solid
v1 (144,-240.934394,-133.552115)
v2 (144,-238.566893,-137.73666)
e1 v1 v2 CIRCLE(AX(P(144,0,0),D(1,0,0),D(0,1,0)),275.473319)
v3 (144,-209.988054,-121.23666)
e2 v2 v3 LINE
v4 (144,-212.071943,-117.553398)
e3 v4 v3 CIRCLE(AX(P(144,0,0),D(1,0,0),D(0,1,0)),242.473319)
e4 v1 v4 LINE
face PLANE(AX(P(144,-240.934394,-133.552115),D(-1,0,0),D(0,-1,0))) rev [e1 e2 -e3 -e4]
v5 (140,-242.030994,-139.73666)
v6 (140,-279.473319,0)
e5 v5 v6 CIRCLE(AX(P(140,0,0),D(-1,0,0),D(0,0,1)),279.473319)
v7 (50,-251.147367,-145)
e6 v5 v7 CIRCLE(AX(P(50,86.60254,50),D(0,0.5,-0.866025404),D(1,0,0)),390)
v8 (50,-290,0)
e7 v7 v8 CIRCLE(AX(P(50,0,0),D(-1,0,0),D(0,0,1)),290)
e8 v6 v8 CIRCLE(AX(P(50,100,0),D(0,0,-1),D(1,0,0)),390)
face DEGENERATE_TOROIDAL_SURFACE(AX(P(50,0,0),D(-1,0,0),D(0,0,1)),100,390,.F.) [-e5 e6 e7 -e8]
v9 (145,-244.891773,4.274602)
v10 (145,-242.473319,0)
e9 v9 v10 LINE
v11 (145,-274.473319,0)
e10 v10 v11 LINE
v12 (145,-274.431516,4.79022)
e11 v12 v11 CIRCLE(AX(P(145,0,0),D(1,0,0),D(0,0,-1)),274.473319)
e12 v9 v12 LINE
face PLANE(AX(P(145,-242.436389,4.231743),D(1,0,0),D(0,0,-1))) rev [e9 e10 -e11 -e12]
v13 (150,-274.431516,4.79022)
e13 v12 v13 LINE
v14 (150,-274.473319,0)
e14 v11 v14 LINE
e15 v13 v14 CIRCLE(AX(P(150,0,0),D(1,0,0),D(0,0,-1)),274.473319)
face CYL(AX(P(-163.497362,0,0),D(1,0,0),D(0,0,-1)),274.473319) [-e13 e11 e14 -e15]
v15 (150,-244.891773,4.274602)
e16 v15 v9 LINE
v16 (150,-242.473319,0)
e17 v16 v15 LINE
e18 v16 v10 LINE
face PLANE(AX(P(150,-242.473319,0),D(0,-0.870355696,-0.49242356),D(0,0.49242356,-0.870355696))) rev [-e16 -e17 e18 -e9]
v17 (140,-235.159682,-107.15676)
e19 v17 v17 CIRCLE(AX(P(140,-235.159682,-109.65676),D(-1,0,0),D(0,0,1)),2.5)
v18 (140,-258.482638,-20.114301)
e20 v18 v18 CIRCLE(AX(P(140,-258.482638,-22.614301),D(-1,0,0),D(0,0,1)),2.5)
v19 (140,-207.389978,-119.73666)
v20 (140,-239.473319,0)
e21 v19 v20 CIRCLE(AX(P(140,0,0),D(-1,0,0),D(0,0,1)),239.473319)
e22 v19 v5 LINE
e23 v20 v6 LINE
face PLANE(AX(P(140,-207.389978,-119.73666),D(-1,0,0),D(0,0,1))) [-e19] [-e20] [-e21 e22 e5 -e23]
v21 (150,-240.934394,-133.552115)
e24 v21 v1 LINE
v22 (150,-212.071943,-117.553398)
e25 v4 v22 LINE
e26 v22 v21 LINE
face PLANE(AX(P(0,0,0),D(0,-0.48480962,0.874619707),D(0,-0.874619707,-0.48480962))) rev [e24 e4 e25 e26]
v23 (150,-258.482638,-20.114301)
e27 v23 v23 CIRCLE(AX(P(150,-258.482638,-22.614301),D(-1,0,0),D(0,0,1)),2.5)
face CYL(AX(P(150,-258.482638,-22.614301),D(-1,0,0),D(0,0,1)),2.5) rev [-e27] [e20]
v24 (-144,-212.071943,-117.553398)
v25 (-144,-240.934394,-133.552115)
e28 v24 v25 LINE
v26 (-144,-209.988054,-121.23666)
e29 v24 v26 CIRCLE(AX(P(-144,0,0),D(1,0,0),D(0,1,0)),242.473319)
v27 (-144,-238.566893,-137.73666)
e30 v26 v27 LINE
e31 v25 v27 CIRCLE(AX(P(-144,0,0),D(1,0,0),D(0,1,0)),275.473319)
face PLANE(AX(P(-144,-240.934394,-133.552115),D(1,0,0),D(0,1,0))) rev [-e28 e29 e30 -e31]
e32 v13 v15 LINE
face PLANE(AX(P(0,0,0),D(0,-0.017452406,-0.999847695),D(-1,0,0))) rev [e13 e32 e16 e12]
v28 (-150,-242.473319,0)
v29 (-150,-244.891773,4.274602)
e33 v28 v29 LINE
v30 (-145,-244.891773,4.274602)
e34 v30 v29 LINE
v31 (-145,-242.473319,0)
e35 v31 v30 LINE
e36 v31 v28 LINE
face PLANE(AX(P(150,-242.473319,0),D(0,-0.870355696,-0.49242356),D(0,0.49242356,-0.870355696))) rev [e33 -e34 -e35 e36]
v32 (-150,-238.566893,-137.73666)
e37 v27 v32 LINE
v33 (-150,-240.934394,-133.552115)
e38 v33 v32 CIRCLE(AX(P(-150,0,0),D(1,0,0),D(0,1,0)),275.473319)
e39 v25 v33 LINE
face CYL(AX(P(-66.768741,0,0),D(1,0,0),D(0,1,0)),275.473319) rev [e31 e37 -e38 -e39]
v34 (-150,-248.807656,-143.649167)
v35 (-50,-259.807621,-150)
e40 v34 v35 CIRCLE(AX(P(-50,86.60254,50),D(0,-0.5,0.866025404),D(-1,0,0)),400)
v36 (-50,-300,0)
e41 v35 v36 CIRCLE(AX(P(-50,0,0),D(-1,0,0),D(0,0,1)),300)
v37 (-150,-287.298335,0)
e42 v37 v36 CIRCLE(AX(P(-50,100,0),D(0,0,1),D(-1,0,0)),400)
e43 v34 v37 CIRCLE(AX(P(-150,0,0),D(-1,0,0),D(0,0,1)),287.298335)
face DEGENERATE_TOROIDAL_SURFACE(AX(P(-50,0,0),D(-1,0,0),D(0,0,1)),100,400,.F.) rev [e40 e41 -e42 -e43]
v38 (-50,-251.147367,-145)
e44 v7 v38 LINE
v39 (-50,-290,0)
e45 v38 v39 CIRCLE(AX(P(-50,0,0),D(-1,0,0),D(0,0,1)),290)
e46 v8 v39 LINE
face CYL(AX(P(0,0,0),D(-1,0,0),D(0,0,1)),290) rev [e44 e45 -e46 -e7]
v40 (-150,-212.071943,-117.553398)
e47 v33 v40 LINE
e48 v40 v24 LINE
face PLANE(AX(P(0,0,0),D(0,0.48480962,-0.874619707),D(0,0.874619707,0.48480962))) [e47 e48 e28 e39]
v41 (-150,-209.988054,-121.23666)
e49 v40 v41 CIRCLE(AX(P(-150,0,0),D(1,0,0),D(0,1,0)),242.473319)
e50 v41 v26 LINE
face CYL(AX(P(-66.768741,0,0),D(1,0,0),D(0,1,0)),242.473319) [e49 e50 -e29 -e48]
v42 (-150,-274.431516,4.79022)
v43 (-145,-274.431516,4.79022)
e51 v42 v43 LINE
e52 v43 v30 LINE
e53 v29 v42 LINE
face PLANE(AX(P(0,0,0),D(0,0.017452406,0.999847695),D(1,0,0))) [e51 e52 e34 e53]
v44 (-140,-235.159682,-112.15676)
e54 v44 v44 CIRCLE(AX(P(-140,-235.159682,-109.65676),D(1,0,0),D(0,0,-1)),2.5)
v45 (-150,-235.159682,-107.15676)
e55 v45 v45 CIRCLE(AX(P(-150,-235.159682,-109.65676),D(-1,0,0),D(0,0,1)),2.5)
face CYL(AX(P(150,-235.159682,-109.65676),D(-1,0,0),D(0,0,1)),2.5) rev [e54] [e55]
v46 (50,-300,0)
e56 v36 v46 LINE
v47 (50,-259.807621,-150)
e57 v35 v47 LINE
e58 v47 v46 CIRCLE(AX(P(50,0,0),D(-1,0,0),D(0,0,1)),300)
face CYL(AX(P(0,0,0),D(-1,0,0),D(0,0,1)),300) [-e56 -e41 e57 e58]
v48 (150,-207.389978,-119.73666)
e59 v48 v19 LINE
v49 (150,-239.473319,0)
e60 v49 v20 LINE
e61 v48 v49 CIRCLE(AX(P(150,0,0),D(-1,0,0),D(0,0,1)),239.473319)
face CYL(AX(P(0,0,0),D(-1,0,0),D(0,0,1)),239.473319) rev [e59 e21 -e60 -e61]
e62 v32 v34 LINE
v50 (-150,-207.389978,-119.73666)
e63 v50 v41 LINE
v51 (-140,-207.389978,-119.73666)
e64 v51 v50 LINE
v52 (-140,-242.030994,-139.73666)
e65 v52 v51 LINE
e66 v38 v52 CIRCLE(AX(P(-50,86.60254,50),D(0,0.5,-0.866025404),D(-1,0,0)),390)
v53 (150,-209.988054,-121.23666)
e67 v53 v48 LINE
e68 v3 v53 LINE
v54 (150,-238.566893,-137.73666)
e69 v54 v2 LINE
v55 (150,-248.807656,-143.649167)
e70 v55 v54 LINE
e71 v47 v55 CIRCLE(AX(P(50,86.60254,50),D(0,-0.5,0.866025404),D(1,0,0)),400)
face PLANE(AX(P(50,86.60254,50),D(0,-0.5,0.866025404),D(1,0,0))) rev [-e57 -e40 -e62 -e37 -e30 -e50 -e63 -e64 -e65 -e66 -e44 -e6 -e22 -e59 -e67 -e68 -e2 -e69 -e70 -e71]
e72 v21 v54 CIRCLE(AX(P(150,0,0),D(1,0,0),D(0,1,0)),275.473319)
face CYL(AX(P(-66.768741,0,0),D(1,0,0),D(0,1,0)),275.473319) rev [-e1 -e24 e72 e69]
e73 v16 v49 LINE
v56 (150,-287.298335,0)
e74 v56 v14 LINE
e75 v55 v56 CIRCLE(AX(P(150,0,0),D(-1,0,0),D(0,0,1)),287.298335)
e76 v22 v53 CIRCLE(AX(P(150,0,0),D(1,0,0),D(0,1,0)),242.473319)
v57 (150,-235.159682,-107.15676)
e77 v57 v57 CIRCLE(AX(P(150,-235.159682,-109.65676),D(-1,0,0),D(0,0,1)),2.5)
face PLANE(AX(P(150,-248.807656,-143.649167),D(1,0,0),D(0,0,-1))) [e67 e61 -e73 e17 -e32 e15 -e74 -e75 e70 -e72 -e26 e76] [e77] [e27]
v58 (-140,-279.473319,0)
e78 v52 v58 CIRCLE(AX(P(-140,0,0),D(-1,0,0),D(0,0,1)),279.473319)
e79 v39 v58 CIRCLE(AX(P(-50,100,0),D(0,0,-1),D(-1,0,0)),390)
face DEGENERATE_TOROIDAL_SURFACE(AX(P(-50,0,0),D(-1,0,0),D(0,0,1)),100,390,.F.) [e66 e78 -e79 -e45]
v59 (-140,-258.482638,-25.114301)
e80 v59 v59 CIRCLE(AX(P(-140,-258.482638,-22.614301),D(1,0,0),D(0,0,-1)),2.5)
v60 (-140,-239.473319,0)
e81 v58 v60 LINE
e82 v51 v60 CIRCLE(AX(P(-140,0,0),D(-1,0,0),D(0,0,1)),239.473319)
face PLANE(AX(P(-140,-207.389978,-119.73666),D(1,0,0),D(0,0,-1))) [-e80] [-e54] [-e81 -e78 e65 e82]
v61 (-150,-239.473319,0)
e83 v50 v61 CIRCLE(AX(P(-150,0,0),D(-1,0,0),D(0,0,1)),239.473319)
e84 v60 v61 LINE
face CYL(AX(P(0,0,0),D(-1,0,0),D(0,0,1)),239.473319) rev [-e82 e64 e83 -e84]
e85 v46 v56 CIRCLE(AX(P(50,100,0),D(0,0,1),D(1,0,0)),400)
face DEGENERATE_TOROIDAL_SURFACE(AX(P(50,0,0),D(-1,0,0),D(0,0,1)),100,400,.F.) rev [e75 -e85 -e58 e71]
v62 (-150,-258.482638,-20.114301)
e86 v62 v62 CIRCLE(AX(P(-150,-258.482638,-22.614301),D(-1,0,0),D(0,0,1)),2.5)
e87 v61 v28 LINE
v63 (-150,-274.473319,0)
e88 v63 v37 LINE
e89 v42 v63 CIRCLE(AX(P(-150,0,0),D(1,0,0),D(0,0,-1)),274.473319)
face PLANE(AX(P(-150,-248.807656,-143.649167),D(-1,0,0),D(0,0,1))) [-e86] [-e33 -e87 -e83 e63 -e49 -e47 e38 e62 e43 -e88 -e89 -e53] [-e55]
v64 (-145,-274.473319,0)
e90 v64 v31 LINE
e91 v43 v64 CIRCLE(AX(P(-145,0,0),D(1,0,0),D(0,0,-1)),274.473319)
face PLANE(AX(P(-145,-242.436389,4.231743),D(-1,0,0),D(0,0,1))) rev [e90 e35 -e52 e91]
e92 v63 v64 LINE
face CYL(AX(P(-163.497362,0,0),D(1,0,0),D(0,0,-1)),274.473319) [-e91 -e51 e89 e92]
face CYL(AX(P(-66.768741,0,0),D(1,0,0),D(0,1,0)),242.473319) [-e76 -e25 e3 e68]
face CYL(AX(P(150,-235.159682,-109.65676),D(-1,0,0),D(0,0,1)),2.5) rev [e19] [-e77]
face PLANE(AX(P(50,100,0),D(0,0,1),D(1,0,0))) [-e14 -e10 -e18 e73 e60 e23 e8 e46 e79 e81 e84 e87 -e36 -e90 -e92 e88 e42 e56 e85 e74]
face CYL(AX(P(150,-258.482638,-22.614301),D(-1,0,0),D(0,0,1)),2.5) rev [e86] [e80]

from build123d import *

# Parameters (mm, degrees)
R_VOLUTION3_ANGLE                       = 30
ESQUISSE2_W                             = 5
ESQUISSE2_H                             = 32
R_VOLUTION4_ANGLE                       = 1
ESQUISSE3_W                             = 6
ESQUISSE3_H                             = 33
ENL_VEMENT_DE_MATI_RE_R_VOLUTION1_ANGLE = 1
ENL_V_MAT_EXTRU_1_DEPTH                 = 300
ESQUISSE5_R                             = 2.5
ENL_V_MAT_EXTRU_2_DEPTH                 = 300


with BuildPart() as part:
    # Esquisse1 → Révolution3 (revolve)
    with BuildSketch(Plane.XY):
        with BuildLine():
            Line((-50, -300), (50, -300))
            ThreePointArc((50, -300), (100.401716993, -296.811878507), (150, -287.298334621))
            Line((150, -287.298334621), (150, -239.47331922))
            Line((150, -239.47331922), (140, -239.47331922))
            Line((140, -239.47331922), (140, -279.47331922))
            ThreePointArc((140, -279.47331922), (95.306762763, -287.359390293), (50, -290))
            Line((50, -290), (-50, -290))
            ThreePointArc((-50, -290), (-95.306762763, -287.359390293), (-140, -279.47331922))
            Line((-140, -279.47331922), (-140, -239.47331922))
            Line((-140, -239.47331922), (-150, -239.47331922))
            Line((-150, -239.47331922), (-150, -287.298334621))
            ThreePointArc((-150, -287.298334621), (-100.401716993, -296.811878507), (-50, -300))
        make_face()
    revolve(axis=Axis((0, 0, 0), (1, 0, 0)), revolution_arc=R_VOLUTION3_ANGLE)

    # Esquisse2 → Révolution4 (revolve)
    with BuildSketch(Plane.XY):
        with Locations((-147.5, -258.47331922)):
            Rectangle(ESQUISSE2_W, ESQUISSE2_H)
        with Locations((147.5, -258.47331922)):
            Rectangle(ESQUISSE2_W, ESQUISSE2_H)
    revolve(axis=Axis((-163.497361966, 0, 0), (-1, 0, 0)), revolution_arc=R_VOLUTION4_ANGLE)

    # Esquisse3 → Enlèvement de matière-Révolution1 (revolve, cut)
    with BuildSketch(Plane(origin=(0, 0, 0), x_dir=(1, 0, 0), z_dir=(0, 0.5000000000000011, -0.8660254037844382))):
        with Locations((-147, 258.97331922)):
            Rectangle(ESQUISSE3_W, ESQUISSE3_H)
        with Locations((147, 258.97331922)):
            Rectangle(ESQUISSE3_W, ESQUISSE3_H)
    revolve(axis=Axis((-66.768740816, 0, 0), (-1, 0, 0)), revolution_arc=ENL_VEMENT_DE_MATI_RE_R_VOLUTION1_ANGLE, mode=Mode.SUBTRACT)

    # Esquisse4 → Enlèv. mat.-Extru.1 (cut)
    with BuildSketch(Plane.ZY.offset(150)):
        Polygon((0, -242.47331922), (4.27460179, -244.891772551), (4.231742917, -242.436389359), align=None)
    extrude(amount=-ENL_V_MAT_EXTRU_1_DEPTH, mode=Mode.SUBTRACT)

    # Esquisse5 → Enlèv. mat.-Extru.2 (cut)
    with BuildSketch(Plane.ZY.offset(150)):
        with Locations((-22.614300571, -258.482638314)):
            Circle(ESQUISSE5_R)
        with Locations((-109.656760374, -235.159681502)):
            Circle(ESQUISSE5_R)
    extrude(amount=-ENL_V_MAT_EXTRU_2_DEPTH, mode=Mode.SUBTRACT)


solid = part.part
